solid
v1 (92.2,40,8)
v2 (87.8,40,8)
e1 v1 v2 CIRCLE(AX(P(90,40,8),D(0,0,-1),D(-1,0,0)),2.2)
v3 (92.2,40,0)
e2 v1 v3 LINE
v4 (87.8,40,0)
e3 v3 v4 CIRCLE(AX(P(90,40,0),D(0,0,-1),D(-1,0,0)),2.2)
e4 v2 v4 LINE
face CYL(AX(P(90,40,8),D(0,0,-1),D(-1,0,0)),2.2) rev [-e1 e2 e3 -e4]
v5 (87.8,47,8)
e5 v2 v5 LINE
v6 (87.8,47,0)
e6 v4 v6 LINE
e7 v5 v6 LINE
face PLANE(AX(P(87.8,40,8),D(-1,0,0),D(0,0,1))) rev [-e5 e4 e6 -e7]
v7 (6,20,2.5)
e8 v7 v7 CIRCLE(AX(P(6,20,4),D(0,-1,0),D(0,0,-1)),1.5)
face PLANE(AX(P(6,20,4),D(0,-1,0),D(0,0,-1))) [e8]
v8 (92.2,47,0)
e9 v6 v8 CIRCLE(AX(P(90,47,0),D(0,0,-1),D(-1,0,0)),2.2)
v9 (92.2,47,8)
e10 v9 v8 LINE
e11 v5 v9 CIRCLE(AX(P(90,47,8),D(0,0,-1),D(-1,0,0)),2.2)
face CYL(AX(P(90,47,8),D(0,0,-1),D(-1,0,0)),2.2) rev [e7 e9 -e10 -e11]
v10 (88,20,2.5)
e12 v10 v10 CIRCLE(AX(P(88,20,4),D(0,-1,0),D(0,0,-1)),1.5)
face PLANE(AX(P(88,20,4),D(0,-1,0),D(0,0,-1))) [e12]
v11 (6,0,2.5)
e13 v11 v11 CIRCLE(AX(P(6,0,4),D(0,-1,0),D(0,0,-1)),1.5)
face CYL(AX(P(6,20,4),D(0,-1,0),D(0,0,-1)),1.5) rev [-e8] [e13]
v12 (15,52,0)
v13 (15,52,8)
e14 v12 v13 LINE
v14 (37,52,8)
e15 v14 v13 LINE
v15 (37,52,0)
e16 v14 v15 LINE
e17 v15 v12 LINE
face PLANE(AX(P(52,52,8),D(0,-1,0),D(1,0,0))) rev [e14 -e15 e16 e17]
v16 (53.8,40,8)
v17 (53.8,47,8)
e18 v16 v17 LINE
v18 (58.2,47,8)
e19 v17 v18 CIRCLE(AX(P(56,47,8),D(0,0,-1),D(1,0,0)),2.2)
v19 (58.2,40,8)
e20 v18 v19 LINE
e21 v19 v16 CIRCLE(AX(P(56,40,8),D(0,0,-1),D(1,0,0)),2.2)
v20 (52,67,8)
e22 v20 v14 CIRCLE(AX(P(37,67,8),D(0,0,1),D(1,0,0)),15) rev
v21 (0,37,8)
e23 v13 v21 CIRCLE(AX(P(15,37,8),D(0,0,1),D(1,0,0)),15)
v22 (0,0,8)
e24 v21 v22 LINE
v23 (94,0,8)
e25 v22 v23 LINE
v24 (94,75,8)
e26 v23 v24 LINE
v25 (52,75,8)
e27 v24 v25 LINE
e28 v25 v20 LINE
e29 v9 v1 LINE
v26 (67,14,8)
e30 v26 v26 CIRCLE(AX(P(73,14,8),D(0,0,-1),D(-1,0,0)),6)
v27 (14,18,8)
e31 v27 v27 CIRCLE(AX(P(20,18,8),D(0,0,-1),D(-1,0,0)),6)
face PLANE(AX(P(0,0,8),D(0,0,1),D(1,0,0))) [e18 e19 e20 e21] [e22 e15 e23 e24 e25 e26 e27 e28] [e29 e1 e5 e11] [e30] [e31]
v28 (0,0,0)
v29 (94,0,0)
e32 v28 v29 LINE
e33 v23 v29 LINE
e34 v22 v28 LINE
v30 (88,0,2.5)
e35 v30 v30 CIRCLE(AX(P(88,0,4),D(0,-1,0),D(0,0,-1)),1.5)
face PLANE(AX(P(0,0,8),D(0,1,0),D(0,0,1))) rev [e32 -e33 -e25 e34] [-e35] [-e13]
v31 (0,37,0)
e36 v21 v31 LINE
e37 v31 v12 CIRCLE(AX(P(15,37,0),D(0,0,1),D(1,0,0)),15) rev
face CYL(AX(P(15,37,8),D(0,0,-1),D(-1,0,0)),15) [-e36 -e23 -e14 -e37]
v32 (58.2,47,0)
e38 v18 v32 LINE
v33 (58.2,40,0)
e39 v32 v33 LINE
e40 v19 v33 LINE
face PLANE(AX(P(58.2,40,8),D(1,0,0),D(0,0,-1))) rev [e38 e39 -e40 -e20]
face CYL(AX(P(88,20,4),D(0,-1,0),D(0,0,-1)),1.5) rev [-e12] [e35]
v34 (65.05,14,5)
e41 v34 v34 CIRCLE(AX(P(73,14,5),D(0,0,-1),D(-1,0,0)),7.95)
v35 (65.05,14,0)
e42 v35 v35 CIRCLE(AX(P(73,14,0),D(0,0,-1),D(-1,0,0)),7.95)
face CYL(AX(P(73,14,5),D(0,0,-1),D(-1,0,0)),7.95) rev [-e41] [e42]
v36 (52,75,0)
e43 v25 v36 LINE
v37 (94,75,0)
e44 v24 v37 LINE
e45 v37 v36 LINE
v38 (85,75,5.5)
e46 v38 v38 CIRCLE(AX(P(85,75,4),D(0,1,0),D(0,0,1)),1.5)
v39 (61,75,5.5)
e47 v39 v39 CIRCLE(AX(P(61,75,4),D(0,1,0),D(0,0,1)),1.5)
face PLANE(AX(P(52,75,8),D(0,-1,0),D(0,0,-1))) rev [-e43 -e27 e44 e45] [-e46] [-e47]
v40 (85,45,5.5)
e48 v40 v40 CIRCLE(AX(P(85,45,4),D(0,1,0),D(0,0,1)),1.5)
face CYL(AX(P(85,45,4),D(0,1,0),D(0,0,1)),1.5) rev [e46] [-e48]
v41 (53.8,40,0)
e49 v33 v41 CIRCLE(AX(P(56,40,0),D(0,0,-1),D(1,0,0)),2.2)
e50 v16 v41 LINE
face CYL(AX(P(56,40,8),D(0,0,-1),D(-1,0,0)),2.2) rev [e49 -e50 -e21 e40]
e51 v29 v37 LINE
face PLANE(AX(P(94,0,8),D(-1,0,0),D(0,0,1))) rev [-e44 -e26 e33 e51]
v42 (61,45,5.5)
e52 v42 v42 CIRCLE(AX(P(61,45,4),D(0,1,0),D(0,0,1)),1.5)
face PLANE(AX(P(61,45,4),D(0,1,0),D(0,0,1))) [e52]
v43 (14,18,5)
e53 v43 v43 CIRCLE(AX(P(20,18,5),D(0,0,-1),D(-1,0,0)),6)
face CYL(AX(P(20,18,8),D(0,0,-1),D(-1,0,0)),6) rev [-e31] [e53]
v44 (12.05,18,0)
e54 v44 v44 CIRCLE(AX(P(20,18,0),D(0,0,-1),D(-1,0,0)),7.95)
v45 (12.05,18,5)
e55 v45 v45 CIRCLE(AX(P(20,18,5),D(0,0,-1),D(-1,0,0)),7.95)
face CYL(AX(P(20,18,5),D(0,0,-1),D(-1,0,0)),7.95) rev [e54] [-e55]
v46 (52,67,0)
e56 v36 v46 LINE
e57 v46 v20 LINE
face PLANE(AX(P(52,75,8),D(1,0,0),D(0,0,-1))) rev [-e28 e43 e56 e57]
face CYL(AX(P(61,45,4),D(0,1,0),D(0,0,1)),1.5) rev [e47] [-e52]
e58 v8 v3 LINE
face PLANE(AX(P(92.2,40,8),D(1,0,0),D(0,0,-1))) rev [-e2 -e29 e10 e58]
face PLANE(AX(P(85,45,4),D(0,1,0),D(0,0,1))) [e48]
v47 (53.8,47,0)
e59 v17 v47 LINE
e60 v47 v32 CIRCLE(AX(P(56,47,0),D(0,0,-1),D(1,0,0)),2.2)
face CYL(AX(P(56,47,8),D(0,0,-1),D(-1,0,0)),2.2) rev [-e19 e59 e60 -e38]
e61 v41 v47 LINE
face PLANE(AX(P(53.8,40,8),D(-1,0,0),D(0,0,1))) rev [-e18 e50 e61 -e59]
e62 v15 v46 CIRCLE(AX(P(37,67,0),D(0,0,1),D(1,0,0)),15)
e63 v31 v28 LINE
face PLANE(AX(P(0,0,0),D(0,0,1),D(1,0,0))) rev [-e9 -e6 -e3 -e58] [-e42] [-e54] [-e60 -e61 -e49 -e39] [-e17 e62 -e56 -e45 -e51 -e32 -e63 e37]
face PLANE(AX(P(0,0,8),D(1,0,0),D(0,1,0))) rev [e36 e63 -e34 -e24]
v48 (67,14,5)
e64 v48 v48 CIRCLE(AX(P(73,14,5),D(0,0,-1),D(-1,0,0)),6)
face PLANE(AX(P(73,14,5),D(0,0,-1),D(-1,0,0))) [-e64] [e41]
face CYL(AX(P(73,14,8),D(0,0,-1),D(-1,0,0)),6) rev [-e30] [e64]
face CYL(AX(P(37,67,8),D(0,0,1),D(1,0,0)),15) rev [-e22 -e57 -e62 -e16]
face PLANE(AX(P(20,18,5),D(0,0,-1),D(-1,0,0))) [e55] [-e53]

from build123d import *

# Parameters (mm, degrees)
BOSS_EXTRU_1_DEPTH      = 8
ESQUISSE2_R             = 7.95
ENL_V_MAT_EXTRU_1_DEPTH = 5
ESQUISSE3_R             = 6
ENL_V_MAT_EXTRU_2_DEPTH = 4
ENL_V_MAT_EXTRU_3_DEPTH = 9
ESQUISSE5_R             = 1.5
ENL_V_MAT_EXTRU_4_DEPTH = 30
CONG_1_R                = 15
ESQUISSE6_R             = 1.5
ENL_V_MAT_EXTRU_5_DEPTH = 20


with BuildPart() as part:
    # Esquisse1 → Boss.-Extru.1 (new body)
    with BuildSketch(Plane.XY):
        Polygon((52, 75), (52, 52), (0, 52), (0, 0), (94, 0), (94, 75), align=None)
    extrude(amount=BOSS_EXTRU_1_DEPTH)

    # Esquisse2 → Enlèv. mat.-Extru.1 (cut)
    with BuildSketch(Plane(origin=(0, 0, 0), x_dir=(-1, 0, 0), z_dir=(0, 0, -1))):
        with Locations((-20, 18)):
            Circle(ESQUISSE2_R)
        with Locations((-73, 14)):
            Circle(ESQUISSE2_R)
    extrude(amount=-ENL_V_MAT_EXTRU_1_DEPTH, mode=Mode.SUBTRACT)

    # Esquisse3 → Enlèv. mat.-Extru.2 (cut, through all)
    with BuildSketch(Plane(origin=(0, 0, 5), x_dir=(-1, 0, 0), z_dir=(0, 0, -1))):
        with Locations((-73, 14)):
            Circle(ESQUISSE3_R)
        with Locations((-20, 18)):
            Circle(ESQUISSE3_R)
    extrude(amount=-ENL_V_MAT_EXTRU_2_DEPTH, mode=Mode.SUBTRACT)

    # Esquisse4 → Enlèv. mat.-Extru.3 (cut, through all)
    with BuildSketch(Plane(origin=(0, 0, 0), x_dir=(-1, 0, 0), z_dir=(0, 0, -1))):
        with BuildLine():
            Line((-92.2, 40), (-92.2, 47))
            ThreePointArc((-92.2, 47), (-90, 49.2), (-87.8, 47))
            Line((-87.8, 47), (-87.8, 40))
            ThreePointArc((-87.8, 40), (-90, 37.8), (-92.2, 40))
        make_face()
        with BuildLine():
            Line((-53.8, 40), (-53.8, 47))
            ThreePointArc((-53.8, 47), (-56, 49.2), (-58.2, 47))
            Line((-58.2, 47), (-58.2, 40))
            ThreePointArc((-58.2, 40), (-56, 37.8), (-53.8, 40))
        make_face()
    extrude(amount=-ENL_V_MAT_EXTRU_3_DEPTH, mode=Mode.SUBTRACT)

    # Esquisse5 → Enlèv. mat.-Extru.4 (cut)
    with BuildSketch(Plane(origin=(0, 75, 0), x_dir=(1, 0, 0), z_dir=(0, 1, 0))):
        with Locations((61, -4)):
            Circle(ESQUISSE5_R)
        with Locations((85, -4)):
            Circle(ESQUISSE5_R)
    extrude(amount=-ENL_V_MAT_EXTRU_4_DEPTH, mode=Mode.SUBTRACT)

    # Congé1
    cong_1_edges = [part.edges().sort_by_distance(p)[0] for p in [
        (0, 52, 4),
        (52, 52, 4),
    ]]
    fillet(cong_1_edges, radius=CONG_1_R)

    # Esquisse6 → Enlèv. mat.-Extru.5 (cut)
    with BuildSketch(Plane.XZ):
        with Locations((6, 4)):
            Circle(ESQUISSE6_R)
        with Locations((88, 4)):
            Circle(ESQUISSE6_R)
    extrude(amount=-ENL_V_MAT_EXTRU_5_DEPTH, mode=Mode.SUBTRACT)


solid = part.part
